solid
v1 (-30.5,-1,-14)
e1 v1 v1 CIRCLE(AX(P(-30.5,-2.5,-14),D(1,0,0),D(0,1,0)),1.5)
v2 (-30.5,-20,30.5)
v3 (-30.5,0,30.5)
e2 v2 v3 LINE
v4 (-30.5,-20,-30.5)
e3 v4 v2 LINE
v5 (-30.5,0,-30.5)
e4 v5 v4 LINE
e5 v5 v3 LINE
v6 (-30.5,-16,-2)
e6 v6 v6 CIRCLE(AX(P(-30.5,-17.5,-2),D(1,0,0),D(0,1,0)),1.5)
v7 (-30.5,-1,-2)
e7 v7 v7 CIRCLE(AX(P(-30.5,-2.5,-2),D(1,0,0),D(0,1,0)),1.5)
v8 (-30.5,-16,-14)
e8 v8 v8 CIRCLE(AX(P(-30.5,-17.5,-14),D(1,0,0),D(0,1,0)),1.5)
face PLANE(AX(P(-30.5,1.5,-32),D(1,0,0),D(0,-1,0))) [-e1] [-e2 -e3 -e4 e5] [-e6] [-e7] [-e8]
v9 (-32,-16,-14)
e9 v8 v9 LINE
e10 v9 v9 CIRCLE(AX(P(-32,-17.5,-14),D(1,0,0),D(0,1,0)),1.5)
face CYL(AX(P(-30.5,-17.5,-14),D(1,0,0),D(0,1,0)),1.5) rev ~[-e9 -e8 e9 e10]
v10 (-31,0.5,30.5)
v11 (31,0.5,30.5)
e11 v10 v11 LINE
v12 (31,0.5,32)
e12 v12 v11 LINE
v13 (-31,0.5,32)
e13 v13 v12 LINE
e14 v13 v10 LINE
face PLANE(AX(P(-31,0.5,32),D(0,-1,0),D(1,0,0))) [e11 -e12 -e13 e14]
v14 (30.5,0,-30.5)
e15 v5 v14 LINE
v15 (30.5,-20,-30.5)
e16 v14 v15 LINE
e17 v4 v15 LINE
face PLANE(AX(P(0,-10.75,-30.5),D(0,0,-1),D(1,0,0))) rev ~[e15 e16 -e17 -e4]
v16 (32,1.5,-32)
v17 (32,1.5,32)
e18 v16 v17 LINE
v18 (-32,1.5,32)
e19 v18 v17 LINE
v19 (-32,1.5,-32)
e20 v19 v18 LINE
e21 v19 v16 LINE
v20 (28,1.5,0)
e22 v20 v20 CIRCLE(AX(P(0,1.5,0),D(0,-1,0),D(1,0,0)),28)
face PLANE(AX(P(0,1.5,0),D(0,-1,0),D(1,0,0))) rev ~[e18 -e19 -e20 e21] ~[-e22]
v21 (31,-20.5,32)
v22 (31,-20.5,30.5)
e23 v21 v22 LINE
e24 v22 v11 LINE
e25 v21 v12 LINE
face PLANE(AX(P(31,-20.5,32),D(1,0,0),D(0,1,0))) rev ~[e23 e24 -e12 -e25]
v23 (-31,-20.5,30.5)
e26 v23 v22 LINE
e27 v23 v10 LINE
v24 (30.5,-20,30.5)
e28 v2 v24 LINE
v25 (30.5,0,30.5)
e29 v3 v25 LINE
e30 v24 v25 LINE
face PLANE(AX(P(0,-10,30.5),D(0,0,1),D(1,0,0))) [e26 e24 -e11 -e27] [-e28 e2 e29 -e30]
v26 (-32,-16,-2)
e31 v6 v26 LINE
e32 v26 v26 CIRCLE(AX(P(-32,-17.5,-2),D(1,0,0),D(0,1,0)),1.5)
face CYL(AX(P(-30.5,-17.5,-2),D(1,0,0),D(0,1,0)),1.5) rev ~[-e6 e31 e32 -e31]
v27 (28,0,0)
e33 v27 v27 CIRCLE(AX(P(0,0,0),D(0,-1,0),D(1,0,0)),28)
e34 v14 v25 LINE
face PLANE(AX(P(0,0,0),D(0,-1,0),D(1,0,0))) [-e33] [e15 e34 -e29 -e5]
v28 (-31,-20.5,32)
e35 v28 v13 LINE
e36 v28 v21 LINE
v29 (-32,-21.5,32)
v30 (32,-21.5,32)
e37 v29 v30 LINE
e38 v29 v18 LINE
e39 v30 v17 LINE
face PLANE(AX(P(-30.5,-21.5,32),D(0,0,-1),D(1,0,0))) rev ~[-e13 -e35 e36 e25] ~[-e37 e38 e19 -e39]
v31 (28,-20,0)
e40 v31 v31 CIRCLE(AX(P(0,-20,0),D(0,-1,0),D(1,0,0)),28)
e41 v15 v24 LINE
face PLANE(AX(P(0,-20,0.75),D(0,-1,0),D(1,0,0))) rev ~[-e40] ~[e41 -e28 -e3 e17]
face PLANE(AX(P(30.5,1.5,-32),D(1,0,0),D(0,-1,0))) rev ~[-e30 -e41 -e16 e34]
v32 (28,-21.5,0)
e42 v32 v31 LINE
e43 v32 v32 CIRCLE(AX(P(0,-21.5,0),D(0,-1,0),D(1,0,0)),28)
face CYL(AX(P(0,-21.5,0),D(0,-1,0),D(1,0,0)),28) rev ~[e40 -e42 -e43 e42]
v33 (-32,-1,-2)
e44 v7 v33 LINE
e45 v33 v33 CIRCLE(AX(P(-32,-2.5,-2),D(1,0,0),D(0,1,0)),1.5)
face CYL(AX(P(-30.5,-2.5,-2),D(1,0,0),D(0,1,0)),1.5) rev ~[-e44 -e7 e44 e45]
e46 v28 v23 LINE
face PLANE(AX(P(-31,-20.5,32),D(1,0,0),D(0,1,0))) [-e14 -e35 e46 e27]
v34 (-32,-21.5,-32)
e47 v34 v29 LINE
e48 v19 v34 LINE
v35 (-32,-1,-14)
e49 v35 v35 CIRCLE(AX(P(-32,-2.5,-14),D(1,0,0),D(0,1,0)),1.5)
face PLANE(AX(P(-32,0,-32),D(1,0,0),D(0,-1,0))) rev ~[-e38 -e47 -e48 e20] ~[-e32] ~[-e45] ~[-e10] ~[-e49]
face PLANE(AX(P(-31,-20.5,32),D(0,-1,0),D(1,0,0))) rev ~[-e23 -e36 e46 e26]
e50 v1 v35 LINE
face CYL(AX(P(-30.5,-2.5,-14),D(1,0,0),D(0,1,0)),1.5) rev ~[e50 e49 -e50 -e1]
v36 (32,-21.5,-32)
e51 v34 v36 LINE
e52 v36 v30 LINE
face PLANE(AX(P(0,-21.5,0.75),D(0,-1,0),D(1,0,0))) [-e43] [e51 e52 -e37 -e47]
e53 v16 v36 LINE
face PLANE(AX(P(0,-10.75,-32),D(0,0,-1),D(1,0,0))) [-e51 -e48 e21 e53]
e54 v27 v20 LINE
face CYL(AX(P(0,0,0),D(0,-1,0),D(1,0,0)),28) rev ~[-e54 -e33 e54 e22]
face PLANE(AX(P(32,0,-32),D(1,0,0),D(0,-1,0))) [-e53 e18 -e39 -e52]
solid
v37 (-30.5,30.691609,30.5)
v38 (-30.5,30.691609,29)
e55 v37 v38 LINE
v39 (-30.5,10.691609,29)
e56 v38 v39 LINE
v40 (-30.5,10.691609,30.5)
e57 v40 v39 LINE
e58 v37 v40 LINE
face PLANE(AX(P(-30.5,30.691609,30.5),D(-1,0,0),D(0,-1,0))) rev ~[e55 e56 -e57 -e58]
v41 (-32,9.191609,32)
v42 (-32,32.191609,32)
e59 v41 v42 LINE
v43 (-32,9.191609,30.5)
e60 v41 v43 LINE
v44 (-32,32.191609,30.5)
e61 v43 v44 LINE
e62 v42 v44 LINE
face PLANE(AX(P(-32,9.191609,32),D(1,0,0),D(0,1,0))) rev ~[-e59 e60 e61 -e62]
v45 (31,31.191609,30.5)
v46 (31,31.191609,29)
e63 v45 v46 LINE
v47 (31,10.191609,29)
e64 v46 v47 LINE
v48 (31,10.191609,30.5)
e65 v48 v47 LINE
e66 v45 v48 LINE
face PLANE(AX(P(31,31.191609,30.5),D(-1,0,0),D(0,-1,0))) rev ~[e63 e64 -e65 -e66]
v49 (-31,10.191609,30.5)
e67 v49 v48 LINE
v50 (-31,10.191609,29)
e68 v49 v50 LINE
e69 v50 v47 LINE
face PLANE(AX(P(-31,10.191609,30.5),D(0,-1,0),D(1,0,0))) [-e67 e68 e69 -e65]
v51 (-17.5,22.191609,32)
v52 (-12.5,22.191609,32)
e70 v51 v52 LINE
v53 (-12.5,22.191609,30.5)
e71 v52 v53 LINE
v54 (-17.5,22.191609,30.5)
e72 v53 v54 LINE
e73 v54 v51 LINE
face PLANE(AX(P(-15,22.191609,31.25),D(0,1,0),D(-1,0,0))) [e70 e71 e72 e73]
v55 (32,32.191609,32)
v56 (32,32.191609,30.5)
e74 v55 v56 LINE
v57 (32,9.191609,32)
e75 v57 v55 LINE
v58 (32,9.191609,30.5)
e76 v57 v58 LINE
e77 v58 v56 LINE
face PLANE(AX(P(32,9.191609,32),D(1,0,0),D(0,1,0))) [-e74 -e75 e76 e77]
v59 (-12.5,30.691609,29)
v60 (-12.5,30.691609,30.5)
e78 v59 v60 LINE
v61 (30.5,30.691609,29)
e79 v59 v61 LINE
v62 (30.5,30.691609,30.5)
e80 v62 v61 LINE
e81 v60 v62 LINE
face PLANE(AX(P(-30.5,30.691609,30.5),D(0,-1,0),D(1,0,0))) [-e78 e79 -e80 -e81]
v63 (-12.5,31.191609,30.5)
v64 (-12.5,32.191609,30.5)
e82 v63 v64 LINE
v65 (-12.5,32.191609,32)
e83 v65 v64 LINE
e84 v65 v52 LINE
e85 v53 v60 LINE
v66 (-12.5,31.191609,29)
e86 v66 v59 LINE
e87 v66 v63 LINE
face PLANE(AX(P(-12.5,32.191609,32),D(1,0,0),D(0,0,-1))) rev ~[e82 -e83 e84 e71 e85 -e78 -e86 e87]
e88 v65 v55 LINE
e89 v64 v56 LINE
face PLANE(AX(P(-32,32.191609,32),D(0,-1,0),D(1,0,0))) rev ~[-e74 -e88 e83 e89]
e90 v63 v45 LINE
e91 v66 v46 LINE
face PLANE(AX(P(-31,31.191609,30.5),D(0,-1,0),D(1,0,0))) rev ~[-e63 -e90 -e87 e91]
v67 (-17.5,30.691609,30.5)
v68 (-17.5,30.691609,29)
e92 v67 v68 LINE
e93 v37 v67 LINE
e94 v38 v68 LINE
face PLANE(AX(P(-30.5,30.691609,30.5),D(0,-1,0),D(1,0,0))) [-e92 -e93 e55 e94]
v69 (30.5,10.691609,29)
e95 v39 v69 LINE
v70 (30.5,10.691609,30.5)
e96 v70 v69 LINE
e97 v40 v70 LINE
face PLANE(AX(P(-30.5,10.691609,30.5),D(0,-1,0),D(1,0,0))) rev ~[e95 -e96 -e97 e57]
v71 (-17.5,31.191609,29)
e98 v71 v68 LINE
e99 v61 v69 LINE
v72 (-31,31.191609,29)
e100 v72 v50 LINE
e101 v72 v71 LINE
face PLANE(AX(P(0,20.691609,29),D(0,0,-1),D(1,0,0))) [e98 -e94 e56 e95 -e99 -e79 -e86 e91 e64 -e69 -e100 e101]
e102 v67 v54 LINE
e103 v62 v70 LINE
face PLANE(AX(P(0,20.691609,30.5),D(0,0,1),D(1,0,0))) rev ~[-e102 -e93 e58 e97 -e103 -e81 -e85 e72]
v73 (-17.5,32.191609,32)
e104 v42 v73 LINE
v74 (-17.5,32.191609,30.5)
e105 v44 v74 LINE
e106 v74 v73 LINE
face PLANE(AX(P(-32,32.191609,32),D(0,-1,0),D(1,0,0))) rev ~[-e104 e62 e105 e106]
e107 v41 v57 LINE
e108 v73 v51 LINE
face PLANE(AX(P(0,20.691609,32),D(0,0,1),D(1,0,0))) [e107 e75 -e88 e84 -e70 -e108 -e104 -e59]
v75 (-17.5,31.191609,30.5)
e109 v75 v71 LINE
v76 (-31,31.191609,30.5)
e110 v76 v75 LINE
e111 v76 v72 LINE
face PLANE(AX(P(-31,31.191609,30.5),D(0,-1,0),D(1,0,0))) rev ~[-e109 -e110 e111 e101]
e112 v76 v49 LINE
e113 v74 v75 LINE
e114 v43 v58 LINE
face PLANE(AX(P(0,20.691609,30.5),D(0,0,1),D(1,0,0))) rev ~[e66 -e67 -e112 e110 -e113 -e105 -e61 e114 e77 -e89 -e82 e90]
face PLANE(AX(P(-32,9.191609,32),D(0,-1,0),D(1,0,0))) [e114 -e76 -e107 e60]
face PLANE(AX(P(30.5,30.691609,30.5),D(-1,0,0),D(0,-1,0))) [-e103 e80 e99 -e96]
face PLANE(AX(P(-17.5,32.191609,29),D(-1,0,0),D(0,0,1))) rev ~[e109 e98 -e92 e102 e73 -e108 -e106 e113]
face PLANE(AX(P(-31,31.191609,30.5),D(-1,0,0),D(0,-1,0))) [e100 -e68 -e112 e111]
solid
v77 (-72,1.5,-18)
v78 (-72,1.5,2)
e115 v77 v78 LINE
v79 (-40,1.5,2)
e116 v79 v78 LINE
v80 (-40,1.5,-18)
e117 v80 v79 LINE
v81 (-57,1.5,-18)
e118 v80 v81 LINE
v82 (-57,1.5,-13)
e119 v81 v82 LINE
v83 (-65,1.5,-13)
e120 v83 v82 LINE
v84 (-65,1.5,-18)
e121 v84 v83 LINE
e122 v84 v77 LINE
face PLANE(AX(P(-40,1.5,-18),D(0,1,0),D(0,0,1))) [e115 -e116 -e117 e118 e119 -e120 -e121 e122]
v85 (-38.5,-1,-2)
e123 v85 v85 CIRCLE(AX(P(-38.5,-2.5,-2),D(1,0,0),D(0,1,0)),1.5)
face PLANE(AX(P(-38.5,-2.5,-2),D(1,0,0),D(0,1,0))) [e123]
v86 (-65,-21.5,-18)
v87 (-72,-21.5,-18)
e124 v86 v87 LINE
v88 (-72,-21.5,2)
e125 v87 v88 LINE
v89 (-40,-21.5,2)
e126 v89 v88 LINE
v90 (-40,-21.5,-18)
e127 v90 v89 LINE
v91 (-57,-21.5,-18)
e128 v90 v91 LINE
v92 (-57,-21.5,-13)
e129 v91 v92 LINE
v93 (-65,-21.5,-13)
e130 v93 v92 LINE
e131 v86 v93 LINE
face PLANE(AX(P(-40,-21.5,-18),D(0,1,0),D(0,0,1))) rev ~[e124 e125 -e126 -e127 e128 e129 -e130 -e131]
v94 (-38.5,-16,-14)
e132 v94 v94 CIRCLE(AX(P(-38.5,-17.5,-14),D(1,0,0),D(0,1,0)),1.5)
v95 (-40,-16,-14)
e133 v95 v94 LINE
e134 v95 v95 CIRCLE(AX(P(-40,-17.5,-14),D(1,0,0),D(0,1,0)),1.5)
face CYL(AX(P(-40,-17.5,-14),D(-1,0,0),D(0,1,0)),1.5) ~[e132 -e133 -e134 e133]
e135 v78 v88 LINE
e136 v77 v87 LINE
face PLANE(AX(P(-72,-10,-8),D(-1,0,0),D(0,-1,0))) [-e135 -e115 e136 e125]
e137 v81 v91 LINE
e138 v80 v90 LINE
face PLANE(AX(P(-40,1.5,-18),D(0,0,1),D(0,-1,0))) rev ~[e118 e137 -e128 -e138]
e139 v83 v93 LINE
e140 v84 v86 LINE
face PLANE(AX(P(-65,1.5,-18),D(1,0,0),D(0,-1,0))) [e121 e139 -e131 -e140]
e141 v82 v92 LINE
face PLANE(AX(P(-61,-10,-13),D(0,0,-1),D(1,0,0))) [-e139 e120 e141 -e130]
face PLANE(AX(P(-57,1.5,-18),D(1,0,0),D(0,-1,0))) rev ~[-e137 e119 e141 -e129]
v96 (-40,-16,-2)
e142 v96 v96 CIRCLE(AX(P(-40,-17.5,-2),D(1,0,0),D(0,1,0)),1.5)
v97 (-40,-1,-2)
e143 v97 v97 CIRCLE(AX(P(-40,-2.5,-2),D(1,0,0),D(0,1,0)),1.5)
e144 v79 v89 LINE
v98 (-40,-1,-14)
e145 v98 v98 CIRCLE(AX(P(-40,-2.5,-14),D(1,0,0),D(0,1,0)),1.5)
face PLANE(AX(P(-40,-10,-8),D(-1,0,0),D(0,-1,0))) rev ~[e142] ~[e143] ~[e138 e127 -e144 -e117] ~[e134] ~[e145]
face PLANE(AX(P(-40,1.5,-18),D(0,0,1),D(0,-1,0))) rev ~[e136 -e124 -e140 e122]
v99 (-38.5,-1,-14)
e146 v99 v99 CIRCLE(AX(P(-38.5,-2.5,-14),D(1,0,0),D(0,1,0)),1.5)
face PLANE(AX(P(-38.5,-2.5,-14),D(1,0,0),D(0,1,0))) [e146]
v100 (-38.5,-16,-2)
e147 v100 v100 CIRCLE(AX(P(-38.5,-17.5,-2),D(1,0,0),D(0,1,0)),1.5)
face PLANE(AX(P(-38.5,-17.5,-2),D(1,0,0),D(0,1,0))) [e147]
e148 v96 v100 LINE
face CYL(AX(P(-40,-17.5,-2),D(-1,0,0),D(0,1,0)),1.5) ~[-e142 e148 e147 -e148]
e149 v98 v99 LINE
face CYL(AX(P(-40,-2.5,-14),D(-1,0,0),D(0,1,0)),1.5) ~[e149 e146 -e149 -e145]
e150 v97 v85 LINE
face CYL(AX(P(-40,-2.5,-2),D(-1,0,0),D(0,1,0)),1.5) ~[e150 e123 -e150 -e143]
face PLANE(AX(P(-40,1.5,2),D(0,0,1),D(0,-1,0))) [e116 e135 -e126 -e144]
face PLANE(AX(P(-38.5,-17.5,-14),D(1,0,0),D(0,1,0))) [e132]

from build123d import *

# Parameters (mm, degrees)
F0_W      = 64
F0_H      = 64
F0_R      = 28
F1_DEPTH  = 1.5
F2_W      = 64
F2_H      = 21.5
F3_DEPTH  = 1.5
F4_W      = 1.5
F4_H      = 23
F5_DEPTH  = 64
F6_W      = 61
F6_H      = 62.5
F6_R      = 28
F7_DEPTH  = 1.5
F8_W      = 64
F8_H      = 23
F9_DEPTH  = 1.5
F10_W     = 62
F10_H     = 21
F10_W_2   = 61
F10_H_2   = 20
F11_DEPTH = 1.5
F12_W     = 62
F12_H     = 21
F12_W_2   = 61
F12_H_2   = 20
F13_DEPTH = 1.5
F14_W     = 5
F14_H     = 1.5
F15_DEPTH = 10
F17_W     = 23
F17_H     = 20
F18_DEPTH = 32
F19_W     = 8
F19_H     = 23
F20_DEPTH = 5
F21_R     = 1.5
F22_DEPTH = 1.5
F23_R     = 1.5
F24_DEPTH = 4


with BuildPart() as f1:
    # F0 (on Front) → F1 (new body)
    with BuildSketch(Plane.XZ):
        Rectangle(F0_W, F0_H)
        Circle(F0_R, mode=Mode.SUBTRACT)
    extrude(amount=-F1_DEPTH)

    # F2 (on face) → F3 (join)
    with BuildSketch(Plane(origin=(0, 0, -32), x_dir=(1, 0, 0), z_dir=(0, 0, -1))):
        with Locations((0, 10.75)):
            Rectangle(F2_W, F2_H)
    extrude(amount=-F3_DEPTH)

    # F4 (on face) → F5 (join)
    with BuildSketch(Plane(origin=(0, 0, -32), x_dir=(1, 0, 0), z_dir=(0, 0, -1))):
        with Locations((-31.25, 10)):
            Rectangle(F4_W, F4_H)
        with Locations((31.25, 10)):
            Rectangle(F4_W, F4_H)
    extrude(amount=-F5_DEPTH)

    # F6 (on face) → F7 (join)
    with BuildSketch(Plane.XZ.offset(21.5)):
        with Locations((0, 0.75)):
            Rectangle(F6_W, F6_H)
        Circle(F6_R, mode=Mode.SUBTRACT)
    extrude(amount=-F7_DEPTH)

    # F12 (on face) → F13 (cut)
    with BuildSketch(Plane.XY.offset(32)):
        with Locations((0, -10)):
            Rectangle(F12_W, F12_H)
        with Locations((0, -10)):
            Rectangle(F12_W_2, F12_H_2, mode=Mode.SUBTRACT)
    extrude(amount=-F13_DEPTH, mode=Mode.SUBTRACT)

    # F23 (on face) → F24 (cut)
    with BuildSketch(Plane.YZ.offset(-30.5)):
        with Locations((-2.5, -2)):
            Circle(F23_R)
        with Locations((-2.5, -14)):
            Circle(F23_R)
        with Locations((-17.5, -14)):
            Circle(F23_R)
        with Locations((-17.5, -2)):
            Circle(F23_R)
    extrude(amount=-F24_DEPTH, mode=Mode.SUBTRACT)


with BuildPart() as f9:
    # F8 (on face) → F9 (new body)
    with BuildSketch(Plane.XY.offset(32)):
        with Locations((0, 20.6916090101)):
            Rectangle(F8_W, F8_H)
    extrude(amount=-F9_DEPTH)

    # F10 (on face) → F11 (join)
    with BuildSketch(Plane(origin=(0, 0, 30.5), x_dir=(1, 0, 0), z_dir=(0, 0, -1))):
        with Locations((0, -20.6916090101)):
            Rectangle(F10_W, F10_H)
        with Locations((0, -20.6916090101)):
            Rectangle(F10_W_2, F10_H_2, mode=Mode.SUBTRACT)
    extrude(amount=F11_DEPTH)

    # F14 (on face) → F15 (cut)
    with BuildSketch(Plane(origin=(0, 32.1916090101, 0), x_dir=(-1, 0, 0), z_dir=(0, 1, 0))):
        Polygon((17.5, 32), (12.5, 32), (12.5, 30.5060082078), (12.5, 30.5), (17.5, 30.5), (17.5, 30.5060082078), align=None)
        with Locations((15, 29.75)):
            Rectangle(F14_W, F14_H)
    extrude(amount=-F15_DEPTH, mode=Mode.SUBTRACT)


with BuildPart() as f18:
    # F17 (on offset) → F18 (new body)
    with BuildSketch(Plane(origin=(-40, 0, 0), x_dir=(0, -1, 0), z_dir=(-1, 0, 0))):
        with Locations((10, -8)):
            Rectangle(F17_W, F17_H)
    extrude(amount=F18_DEPTH)

    # F19 (on face) → F20 (cut)
    with BuildSketch(Plane(origin=(0, 0, -18), x_dir=(1, 0, 0), z_dir=(0, 0, -1))):
        with Locations((-61, 10)):
            Rectangle(F19_W, F19_H)
    extrude(amount=-F20_DEPTH, mode=Mode.SUBTRACT)

    # F21 (on face) → F22 (join)
    with BuildSketch(Plane.YZ.offset(-40)):
        with Locations((-17.5, -2)):
            Circle(F21_R)
        with Locations((-17.5, -14)):
            Circle(F21_R)
        with Locations((-2.5, -2)):
            Circle(F21_R)
        with Locations((-2.5, -14)):
            Circle(F21_R)
    extrude(amount=F22_DEPTH)


solid = Compound([f1.part, f9.part, f18.part])
